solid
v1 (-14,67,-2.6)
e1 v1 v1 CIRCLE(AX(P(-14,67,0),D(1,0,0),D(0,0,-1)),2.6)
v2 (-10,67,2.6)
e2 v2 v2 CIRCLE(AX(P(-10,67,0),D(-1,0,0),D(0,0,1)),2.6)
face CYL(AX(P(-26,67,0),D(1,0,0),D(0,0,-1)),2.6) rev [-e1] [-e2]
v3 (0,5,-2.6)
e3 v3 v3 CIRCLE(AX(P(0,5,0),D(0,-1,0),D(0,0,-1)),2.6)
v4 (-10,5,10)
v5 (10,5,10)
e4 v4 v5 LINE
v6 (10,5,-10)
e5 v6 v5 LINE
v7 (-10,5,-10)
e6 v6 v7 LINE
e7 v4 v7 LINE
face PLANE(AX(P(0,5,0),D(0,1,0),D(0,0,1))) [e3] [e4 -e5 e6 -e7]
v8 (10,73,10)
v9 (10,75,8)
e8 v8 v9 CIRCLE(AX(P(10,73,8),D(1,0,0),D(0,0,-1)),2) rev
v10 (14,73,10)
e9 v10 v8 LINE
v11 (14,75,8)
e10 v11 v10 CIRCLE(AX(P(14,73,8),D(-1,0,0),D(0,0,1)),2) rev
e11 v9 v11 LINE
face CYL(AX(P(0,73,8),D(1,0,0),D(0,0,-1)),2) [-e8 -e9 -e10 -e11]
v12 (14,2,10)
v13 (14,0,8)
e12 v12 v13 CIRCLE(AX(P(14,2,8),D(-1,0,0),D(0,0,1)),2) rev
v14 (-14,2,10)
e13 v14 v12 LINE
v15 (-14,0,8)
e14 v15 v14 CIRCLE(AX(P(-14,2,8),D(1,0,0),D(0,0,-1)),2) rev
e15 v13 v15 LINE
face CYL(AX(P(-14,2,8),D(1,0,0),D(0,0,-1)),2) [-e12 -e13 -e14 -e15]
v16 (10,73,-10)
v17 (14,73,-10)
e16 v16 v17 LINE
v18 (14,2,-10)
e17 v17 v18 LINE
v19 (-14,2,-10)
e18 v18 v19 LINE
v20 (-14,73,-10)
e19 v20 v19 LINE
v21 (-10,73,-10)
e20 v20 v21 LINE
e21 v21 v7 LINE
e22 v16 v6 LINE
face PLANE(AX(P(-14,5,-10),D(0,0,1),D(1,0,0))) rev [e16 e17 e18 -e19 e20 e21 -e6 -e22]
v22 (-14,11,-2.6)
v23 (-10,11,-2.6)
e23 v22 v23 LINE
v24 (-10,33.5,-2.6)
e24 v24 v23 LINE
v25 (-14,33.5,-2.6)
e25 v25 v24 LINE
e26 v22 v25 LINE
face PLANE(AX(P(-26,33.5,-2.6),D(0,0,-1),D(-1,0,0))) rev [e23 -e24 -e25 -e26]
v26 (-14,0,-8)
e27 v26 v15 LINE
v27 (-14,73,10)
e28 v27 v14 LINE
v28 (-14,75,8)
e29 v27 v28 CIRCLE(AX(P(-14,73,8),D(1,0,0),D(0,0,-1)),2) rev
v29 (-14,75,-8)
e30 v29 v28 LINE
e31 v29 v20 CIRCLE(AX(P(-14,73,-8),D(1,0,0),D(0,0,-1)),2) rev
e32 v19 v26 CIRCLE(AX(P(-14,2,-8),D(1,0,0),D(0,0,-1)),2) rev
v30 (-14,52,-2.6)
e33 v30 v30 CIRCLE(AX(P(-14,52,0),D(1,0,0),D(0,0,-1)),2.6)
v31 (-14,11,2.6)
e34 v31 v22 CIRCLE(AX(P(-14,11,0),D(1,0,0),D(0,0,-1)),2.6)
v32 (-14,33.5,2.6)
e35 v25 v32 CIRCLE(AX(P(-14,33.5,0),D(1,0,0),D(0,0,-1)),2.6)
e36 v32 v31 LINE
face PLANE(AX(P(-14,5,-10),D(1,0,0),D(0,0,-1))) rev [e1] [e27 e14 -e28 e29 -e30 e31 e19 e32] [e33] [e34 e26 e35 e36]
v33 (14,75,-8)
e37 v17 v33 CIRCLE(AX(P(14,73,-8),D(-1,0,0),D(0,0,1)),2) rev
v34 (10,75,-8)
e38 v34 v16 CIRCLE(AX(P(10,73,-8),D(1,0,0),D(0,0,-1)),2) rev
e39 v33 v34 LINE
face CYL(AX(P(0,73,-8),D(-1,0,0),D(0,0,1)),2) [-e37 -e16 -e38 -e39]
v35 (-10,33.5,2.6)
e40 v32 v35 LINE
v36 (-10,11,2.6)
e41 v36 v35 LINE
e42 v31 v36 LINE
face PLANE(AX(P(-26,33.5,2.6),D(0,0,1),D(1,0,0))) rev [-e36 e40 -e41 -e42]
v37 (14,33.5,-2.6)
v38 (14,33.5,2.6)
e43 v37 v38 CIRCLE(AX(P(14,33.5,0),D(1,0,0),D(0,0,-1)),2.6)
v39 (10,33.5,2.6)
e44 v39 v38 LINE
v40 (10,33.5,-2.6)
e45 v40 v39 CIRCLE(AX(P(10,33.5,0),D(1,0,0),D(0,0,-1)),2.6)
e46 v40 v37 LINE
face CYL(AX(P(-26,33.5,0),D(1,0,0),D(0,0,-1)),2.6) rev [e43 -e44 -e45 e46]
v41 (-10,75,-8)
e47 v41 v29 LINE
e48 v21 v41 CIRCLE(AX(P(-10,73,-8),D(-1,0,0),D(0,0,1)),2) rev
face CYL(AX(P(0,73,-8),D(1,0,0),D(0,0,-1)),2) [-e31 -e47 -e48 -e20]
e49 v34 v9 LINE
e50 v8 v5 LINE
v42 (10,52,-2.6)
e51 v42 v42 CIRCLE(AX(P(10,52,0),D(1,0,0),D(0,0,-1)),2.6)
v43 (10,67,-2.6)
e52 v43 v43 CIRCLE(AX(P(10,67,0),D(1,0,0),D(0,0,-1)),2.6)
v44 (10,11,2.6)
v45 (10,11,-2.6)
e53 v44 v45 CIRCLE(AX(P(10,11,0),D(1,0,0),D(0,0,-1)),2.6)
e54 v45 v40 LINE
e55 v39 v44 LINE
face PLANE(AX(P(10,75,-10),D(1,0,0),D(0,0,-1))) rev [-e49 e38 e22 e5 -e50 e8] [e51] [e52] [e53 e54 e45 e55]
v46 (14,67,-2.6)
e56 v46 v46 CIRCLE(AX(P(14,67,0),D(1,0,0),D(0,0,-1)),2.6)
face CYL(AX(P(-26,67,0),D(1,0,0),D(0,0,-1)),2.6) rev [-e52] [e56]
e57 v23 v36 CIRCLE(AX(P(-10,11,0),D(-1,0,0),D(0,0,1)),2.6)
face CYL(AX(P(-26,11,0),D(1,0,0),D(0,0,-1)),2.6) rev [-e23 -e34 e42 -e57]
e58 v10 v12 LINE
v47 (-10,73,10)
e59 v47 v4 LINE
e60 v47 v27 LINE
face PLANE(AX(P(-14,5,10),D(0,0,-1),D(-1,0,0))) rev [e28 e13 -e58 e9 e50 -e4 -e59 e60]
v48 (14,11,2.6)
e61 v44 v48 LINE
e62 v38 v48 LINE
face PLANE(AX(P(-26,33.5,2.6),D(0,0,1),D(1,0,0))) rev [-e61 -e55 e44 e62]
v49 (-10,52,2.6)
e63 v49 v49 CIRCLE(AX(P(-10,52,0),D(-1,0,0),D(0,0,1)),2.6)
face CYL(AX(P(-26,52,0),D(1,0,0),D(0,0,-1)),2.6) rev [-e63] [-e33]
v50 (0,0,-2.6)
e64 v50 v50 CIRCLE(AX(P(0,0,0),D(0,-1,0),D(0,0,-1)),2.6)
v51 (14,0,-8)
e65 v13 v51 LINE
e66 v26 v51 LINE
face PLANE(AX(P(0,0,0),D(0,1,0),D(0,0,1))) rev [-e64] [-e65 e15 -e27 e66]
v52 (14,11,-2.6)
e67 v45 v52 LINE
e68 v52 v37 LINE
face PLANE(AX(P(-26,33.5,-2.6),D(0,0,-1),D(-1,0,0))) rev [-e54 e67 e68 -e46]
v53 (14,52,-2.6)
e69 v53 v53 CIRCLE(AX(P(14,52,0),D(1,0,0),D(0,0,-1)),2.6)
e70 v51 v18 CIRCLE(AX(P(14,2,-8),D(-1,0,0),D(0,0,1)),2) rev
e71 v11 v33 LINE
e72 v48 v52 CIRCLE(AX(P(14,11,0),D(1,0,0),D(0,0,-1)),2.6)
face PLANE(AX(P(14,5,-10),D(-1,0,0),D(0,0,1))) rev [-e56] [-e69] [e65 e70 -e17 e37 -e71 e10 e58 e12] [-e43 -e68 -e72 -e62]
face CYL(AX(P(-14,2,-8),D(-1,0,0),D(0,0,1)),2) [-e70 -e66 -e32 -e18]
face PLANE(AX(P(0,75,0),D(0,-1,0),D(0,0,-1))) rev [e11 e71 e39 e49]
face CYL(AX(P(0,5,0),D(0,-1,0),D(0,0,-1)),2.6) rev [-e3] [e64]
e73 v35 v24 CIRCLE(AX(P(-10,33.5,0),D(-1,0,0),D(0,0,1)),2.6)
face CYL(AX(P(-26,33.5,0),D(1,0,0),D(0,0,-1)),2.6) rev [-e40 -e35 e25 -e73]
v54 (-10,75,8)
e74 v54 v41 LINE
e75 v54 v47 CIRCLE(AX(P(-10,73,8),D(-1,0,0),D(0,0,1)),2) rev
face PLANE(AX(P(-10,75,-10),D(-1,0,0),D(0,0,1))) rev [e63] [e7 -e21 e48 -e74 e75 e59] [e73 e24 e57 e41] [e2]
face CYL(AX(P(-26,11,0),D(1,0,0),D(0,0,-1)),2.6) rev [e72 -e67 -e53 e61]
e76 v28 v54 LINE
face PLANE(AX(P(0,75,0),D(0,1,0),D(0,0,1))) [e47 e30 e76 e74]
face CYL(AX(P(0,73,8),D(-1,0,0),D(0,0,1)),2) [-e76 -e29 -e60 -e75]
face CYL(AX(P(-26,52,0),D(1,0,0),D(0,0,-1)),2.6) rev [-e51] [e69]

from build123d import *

# Parameters (mm, degrees)
SKETCH1_W           = 28
SKETCH1_H           = 20
BOSS_EXTRUDE1_DEPTH = 5
SKETCH2_W           = 4
SKETCH2_H           = 20
BOSS_EXTRUDE2_DEPTH = 70
SKETCH3_R           = 2.6
CUT_EXTRUDE1_DEPTH  = 5
SKETCH4_R           = 2.6
CUT_EXTRUDE2_DEPTH  = 40
FILLET1_R           = 2


with BuildPart() as part:
    # Sketch1 → Boss-Extrude1 (new body)
    with BuildSketch(Plane(origin=(0, 0, 0), x_dir=(1, 0, 0), z_dir=(0, 1, 0))):
        Rectangle(SKETCH1_W, SKETCH1_H)
    extrude(amount=BOSS_EXTRUDE1_DEPTH)

    # Sketch2 → Boss-Extrude2 (add)
    with BuildSketch(Plane(origin=(0, 5, 0), x_dir=(1, 0, 0), z_dir=(0, 1, 0))):
        with Locations((-12, 0)):
            Rectangle(SKETCH2_W, SKETCH2_H)
        with Locations((12, 0)):
            Rectangle(SKETCH2_W, SKETCH2_H)
    extrude(amount=BOSS_EXTRUDE2_DEPTH)

    # Sketch3 → Cut-Extrude1 (cut)
    with BuildSketch(Plane.XZ):
        with Locations(Location((0, 0, 0), (0, 0, 270))):
            Circle(SKETCH3_R)
    extrude(amount=-CUT_EXTRUDE1_DEPTH, mode=Mode.SUBTRACT)

    # Sketch4 → Cut-Extrude2 (cut)
    with BuildSketch(Plane(origin=(14, 0, 0), x_dir=(0, 0, -1), z_dir=(1, 0, 0))):
        with Locations((0, 67)):
            Circle(SKETCH4_R)
        with Locations((0, 52)):
            Circle(SKETCH4_R)
        with BuildLine():
            Line((2.6, 33.5), (2.6, 11))
            ThreePointArc((2.6, 11), (0, 8.4), (-2.6, 11))
            Line((-2.6, 11), (-2.6, 33.5))
            ThreePointArc((-2.6, 33.5), (0, 36.1), (2.6, 33.5))
        make_face()
    extrude(amount=-CUT_EXTRUDE2_DEPTH, mode=Mode.SUBTRACT)

    # Fillet1
    fillet1_edges = [part.edges().sort_by_distance(p)[0] for p in [
        (-12, 75, 10),
        (-12, 75, -10),
        (12, 75, -10),
        (12, 75, 10),
        (0, 0, 10),
        (0, 0, -10),
    ]]
    fillet(fillet1_edges, radius=FILLET1_R)


solid = part.part
